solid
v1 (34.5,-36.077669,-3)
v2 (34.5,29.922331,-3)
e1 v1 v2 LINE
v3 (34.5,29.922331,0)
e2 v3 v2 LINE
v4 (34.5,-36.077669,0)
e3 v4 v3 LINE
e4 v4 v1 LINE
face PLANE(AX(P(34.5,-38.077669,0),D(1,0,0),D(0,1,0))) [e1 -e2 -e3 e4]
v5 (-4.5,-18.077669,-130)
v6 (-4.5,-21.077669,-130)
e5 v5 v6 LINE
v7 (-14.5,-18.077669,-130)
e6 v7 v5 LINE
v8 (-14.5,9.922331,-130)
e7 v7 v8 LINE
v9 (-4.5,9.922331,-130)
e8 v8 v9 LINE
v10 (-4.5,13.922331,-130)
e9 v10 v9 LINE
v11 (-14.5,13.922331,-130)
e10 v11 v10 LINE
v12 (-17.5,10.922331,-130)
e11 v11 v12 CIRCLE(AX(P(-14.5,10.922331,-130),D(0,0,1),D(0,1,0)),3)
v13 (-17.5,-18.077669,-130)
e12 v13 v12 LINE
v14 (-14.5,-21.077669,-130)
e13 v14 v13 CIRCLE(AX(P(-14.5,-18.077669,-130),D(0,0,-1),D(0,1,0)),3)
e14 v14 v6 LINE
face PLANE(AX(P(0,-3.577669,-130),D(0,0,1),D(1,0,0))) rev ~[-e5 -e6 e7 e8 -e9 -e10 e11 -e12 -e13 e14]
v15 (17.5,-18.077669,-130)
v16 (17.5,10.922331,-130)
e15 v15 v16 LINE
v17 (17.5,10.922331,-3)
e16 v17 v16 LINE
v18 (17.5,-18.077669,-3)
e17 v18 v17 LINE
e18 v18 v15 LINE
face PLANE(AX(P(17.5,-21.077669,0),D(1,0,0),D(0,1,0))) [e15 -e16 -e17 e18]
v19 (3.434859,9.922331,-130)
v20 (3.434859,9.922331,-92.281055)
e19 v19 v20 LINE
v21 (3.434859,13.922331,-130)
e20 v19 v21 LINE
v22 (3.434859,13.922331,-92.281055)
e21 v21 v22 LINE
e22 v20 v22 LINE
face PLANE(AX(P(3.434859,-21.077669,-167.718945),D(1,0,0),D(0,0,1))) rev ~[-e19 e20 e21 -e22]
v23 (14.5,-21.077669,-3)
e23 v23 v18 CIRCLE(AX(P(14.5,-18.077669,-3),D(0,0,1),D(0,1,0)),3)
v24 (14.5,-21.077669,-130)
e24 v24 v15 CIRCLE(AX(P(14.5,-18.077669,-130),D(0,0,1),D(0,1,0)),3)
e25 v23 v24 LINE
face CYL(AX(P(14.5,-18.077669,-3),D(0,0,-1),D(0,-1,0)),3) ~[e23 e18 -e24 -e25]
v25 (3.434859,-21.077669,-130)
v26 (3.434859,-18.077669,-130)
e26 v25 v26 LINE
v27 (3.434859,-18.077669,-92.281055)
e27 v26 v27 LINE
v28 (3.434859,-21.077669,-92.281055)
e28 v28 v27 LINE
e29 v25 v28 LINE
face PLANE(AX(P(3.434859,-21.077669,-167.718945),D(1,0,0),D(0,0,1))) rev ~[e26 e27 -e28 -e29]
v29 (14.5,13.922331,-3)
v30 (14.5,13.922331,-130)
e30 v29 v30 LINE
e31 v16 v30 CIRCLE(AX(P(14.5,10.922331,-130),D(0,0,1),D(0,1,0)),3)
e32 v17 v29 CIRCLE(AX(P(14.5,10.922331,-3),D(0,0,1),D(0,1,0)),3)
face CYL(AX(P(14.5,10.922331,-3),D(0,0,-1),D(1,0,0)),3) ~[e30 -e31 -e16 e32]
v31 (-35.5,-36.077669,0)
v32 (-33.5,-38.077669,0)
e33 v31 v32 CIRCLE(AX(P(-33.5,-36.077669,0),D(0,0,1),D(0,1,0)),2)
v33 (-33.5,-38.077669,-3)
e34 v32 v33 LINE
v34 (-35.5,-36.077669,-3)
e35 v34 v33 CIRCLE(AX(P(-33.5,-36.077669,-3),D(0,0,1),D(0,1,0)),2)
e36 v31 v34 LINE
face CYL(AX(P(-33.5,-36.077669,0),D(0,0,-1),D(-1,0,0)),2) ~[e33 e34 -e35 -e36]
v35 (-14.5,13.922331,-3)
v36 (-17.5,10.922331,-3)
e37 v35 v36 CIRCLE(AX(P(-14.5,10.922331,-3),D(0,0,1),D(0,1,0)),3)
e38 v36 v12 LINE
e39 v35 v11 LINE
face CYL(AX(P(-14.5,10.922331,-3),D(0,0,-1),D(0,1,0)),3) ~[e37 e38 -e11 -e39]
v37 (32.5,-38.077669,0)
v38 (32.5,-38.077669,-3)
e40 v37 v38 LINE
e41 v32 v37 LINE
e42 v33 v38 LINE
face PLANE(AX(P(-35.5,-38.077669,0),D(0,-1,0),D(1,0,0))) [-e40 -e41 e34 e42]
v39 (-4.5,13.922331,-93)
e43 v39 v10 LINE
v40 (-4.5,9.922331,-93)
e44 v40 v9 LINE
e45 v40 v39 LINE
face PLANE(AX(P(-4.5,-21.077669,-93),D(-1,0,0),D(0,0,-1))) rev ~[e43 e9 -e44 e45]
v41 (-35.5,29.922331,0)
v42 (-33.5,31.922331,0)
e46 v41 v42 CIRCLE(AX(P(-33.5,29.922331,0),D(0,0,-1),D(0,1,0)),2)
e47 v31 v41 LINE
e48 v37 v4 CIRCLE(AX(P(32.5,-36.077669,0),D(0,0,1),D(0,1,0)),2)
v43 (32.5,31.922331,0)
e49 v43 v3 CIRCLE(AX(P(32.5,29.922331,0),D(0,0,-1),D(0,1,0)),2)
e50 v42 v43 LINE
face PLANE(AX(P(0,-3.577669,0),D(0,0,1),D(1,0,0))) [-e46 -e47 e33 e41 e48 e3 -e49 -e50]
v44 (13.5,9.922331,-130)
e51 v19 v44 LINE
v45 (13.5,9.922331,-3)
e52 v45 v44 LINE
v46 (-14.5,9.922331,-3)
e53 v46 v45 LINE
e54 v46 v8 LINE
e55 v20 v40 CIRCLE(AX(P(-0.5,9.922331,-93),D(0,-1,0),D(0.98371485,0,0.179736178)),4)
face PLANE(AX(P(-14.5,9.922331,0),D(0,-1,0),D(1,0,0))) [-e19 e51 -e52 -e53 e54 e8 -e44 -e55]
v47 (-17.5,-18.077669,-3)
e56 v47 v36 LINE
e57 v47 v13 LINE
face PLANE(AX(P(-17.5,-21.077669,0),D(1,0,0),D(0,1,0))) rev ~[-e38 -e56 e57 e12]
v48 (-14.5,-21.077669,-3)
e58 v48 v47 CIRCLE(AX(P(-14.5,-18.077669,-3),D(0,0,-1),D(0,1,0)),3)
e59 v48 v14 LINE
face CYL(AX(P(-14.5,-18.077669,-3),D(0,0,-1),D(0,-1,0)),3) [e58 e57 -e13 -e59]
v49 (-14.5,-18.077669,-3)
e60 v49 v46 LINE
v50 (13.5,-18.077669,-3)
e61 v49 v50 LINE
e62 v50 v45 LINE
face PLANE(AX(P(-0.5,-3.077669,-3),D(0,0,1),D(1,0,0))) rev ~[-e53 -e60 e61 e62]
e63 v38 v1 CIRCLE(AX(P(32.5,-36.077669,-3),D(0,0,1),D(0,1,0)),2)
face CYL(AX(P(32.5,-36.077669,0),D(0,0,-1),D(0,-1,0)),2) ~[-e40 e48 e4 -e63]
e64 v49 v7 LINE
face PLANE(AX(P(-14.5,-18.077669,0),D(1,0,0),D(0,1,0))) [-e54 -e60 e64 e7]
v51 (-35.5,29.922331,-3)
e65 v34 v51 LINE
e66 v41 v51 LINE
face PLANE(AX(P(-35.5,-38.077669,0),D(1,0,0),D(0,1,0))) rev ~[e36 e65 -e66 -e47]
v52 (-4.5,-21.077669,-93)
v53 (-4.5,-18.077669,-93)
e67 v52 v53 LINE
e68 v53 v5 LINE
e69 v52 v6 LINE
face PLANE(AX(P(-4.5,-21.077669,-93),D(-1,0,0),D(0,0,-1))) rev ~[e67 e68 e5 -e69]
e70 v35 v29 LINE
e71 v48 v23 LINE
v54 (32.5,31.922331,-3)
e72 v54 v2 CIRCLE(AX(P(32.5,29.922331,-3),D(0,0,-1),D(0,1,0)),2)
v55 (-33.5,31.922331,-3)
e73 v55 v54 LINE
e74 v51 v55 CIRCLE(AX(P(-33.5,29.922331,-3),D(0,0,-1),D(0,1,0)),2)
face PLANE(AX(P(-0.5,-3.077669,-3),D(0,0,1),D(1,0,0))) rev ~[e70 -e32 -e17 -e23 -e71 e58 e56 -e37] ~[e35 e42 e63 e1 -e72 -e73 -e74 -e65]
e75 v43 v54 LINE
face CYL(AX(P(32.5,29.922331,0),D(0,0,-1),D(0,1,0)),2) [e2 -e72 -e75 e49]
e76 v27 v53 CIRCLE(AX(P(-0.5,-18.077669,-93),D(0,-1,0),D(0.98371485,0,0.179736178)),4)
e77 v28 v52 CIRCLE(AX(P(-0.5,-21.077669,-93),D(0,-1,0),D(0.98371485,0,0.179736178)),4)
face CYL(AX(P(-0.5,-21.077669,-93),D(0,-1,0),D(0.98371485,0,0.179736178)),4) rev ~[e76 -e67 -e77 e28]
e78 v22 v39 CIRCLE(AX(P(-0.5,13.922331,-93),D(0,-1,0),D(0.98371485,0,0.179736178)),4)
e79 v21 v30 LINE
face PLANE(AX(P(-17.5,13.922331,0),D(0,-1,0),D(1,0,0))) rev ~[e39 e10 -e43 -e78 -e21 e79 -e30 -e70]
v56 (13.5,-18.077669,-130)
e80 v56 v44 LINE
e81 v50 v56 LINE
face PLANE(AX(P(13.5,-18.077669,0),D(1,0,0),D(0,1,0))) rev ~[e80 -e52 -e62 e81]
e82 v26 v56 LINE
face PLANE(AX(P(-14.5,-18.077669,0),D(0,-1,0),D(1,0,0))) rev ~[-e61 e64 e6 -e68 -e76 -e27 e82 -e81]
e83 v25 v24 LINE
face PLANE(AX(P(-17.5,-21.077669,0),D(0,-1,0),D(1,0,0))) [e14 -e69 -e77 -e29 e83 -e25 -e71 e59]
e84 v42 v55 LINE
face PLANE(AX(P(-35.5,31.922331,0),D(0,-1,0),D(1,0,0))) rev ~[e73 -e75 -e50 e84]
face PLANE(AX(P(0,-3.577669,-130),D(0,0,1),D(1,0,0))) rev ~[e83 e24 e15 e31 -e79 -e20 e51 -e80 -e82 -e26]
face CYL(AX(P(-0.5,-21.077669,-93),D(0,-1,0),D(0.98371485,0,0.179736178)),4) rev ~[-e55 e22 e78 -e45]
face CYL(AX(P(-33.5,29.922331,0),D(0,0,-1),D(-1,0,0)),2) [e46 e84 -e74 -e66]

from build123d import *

# Parameters (mm, degrees)
F0_W     = 70
F0_H     = 70
F0_W_2   = 35
F0_H_2   = 35
F0_W_3   = 28
F0_H_3   = 28
F1_DEPTH = 3
F2_DEPTH = 130
F3_R     = 2
F5_DEPTH = 35
F6_R     = 3


with BuildPart() as f1:
    # F0 (on Top) → F1 (new body)
    with BuildSketch(Plane.XY):
        with Locations((-0.5, -3.077668637)):
            Rectangle(F0_W, F0_H)
        with Locations((0, -3.577668637)):
            Rectangle(F0_W_2, F0_H_2, mode=Mode.SUBTRACT)
        with Locations((0, -3.577668637)):
            Rectangle(F0_W_2, F0_H_2)
        with Locations((-0.5, -4.077668637)):
            Rectangle(F0_W_3, F0_H_3, mode=Mode.SUBTRACT)
        with Locations((-0.5, -4.077668637)):
            Rectangle(F0_W_3, F0_H_3)
    extrude(amount=-F1_DEPTH)

    # F0 (on Top) → F2 (join)
    with BuildSketch(Plane.XY):
        with Locations((0, -3.577668637)):
            Rectangle(F0_W_2, F0_H_2)
        with Locations((-0.5, -4.077668637)):
            Rectangle(F0_W_3, F0_H_3, mode=Mode.SUBTRACT)
    extrude(amount=-F2_DEPTH)

    # F3
    f3_edges = [f1.edges().sort_by_distance(p)[0] for p in [
        (-35.5, -38.077669, -1.5),
        (34.5, -38.077669, -1.5),
        (-35.5, 31.922331, -1.5),
        (34.5, 31.922331, -1.5),
    ]]
    fillet(f3_edges, radius=F3_R)

    # F4 (on face) → F5 (cut)
    with BuildSketch(Plane.XZ.offset(21.077668637)):
        with BuildLine():
            Line((3.4348594004, -130), (-0.5, -130))
            Line((-0.5, -130), (-0.5, -163))
            ThreePointArc((-0.5, -163), (2.0616616825, -163.9278851869), (3.4348594004, -166.2810552877))
            Line((3.4348594004, -166.2810552877), (3.4348594004, -130))
        make_face()
        with BuildLine():
            ThreePointArc((-0.5, -163), (-3.3284271247, -164.1715728753), (-4.5, -167))
            ThreePointArc((-4.5, -167), (-0.8609448701, -170.9836815637), (3.4348594004, -167.7189447123))
            Line((3.4348594004, -167.7189447123), (3.4348594004, -166.2810552877))
            ThreePointArc((3.4348594004, -166.2810552877), (2.0616616825, -163.9278851869), (-0.5, -163))
        make_face()
        with BuildLine():
            Line((-0.5, -130), (-4.5, -130))
            Line((-4.5, -130), (-4.5, -167))
            ThreePointArc((-4.5, -167), (-3.3284271247, -164.1715728753), (-0.5, -163))
            Line((-0.5, -163), (-0.5, -130))
        make_face()
        with BuildLine():
            Line((-4.5, -93), (-4.5, -130))
            Line((-4.5, -130), (-0.5, -130))
            Line((-0.5, -130), (-0.5, -97))
            ThreePointArc((-0.5, -97), (-3.3284271247, -95.8284271247), (-4.5, -93))
        make_face()
        with BuildLine():
            Line((-0.5, -97), (-0.5, -130))
            Line((-0.5, -130), (3.4348594004, -130))
            Line((3.4348594004, -130), (3.4348594004, -93.7189447123))
            ThreePointArc((3.4348594004, -93.7189447123), (2.0616616825, -96.0721148131), (-0.5, -97))
        make_face()
        with BuildLine():
            ThreePointArc((3.4348594004, -92.2810552877), (-0.8609448701, -89.0163184363), (-4.5, -93))
            ThreePointArc((-4.5, -93), (-3.3284271247, -95.8284271247), (-0.5, -97))
            ThreePointArc((-0.5, -97), (2.0616616825, -96.0721148131), (3.4348594004, -93.7189447123))
            Line((3.4348594004, -93.7189447123), (3.4348594004, -92.2810552877))
        make_face()
    extrude(amount=-F5_DEPTH, mode=Mode.SUBTRACT)

    # F6
    f6_edges = [f1.edges().sort_by_distance(p)[0] for p in [
        (17.5, -21.077669, -66.5),
        (17.5, 13.922331, -66.5),
        (-17.5, -21.077669, -66.5),
        (-17.5, 13.922331, -66.5),
    ]]
    fillet(f6_edges, radius=F6_R)


solid = f1.part
